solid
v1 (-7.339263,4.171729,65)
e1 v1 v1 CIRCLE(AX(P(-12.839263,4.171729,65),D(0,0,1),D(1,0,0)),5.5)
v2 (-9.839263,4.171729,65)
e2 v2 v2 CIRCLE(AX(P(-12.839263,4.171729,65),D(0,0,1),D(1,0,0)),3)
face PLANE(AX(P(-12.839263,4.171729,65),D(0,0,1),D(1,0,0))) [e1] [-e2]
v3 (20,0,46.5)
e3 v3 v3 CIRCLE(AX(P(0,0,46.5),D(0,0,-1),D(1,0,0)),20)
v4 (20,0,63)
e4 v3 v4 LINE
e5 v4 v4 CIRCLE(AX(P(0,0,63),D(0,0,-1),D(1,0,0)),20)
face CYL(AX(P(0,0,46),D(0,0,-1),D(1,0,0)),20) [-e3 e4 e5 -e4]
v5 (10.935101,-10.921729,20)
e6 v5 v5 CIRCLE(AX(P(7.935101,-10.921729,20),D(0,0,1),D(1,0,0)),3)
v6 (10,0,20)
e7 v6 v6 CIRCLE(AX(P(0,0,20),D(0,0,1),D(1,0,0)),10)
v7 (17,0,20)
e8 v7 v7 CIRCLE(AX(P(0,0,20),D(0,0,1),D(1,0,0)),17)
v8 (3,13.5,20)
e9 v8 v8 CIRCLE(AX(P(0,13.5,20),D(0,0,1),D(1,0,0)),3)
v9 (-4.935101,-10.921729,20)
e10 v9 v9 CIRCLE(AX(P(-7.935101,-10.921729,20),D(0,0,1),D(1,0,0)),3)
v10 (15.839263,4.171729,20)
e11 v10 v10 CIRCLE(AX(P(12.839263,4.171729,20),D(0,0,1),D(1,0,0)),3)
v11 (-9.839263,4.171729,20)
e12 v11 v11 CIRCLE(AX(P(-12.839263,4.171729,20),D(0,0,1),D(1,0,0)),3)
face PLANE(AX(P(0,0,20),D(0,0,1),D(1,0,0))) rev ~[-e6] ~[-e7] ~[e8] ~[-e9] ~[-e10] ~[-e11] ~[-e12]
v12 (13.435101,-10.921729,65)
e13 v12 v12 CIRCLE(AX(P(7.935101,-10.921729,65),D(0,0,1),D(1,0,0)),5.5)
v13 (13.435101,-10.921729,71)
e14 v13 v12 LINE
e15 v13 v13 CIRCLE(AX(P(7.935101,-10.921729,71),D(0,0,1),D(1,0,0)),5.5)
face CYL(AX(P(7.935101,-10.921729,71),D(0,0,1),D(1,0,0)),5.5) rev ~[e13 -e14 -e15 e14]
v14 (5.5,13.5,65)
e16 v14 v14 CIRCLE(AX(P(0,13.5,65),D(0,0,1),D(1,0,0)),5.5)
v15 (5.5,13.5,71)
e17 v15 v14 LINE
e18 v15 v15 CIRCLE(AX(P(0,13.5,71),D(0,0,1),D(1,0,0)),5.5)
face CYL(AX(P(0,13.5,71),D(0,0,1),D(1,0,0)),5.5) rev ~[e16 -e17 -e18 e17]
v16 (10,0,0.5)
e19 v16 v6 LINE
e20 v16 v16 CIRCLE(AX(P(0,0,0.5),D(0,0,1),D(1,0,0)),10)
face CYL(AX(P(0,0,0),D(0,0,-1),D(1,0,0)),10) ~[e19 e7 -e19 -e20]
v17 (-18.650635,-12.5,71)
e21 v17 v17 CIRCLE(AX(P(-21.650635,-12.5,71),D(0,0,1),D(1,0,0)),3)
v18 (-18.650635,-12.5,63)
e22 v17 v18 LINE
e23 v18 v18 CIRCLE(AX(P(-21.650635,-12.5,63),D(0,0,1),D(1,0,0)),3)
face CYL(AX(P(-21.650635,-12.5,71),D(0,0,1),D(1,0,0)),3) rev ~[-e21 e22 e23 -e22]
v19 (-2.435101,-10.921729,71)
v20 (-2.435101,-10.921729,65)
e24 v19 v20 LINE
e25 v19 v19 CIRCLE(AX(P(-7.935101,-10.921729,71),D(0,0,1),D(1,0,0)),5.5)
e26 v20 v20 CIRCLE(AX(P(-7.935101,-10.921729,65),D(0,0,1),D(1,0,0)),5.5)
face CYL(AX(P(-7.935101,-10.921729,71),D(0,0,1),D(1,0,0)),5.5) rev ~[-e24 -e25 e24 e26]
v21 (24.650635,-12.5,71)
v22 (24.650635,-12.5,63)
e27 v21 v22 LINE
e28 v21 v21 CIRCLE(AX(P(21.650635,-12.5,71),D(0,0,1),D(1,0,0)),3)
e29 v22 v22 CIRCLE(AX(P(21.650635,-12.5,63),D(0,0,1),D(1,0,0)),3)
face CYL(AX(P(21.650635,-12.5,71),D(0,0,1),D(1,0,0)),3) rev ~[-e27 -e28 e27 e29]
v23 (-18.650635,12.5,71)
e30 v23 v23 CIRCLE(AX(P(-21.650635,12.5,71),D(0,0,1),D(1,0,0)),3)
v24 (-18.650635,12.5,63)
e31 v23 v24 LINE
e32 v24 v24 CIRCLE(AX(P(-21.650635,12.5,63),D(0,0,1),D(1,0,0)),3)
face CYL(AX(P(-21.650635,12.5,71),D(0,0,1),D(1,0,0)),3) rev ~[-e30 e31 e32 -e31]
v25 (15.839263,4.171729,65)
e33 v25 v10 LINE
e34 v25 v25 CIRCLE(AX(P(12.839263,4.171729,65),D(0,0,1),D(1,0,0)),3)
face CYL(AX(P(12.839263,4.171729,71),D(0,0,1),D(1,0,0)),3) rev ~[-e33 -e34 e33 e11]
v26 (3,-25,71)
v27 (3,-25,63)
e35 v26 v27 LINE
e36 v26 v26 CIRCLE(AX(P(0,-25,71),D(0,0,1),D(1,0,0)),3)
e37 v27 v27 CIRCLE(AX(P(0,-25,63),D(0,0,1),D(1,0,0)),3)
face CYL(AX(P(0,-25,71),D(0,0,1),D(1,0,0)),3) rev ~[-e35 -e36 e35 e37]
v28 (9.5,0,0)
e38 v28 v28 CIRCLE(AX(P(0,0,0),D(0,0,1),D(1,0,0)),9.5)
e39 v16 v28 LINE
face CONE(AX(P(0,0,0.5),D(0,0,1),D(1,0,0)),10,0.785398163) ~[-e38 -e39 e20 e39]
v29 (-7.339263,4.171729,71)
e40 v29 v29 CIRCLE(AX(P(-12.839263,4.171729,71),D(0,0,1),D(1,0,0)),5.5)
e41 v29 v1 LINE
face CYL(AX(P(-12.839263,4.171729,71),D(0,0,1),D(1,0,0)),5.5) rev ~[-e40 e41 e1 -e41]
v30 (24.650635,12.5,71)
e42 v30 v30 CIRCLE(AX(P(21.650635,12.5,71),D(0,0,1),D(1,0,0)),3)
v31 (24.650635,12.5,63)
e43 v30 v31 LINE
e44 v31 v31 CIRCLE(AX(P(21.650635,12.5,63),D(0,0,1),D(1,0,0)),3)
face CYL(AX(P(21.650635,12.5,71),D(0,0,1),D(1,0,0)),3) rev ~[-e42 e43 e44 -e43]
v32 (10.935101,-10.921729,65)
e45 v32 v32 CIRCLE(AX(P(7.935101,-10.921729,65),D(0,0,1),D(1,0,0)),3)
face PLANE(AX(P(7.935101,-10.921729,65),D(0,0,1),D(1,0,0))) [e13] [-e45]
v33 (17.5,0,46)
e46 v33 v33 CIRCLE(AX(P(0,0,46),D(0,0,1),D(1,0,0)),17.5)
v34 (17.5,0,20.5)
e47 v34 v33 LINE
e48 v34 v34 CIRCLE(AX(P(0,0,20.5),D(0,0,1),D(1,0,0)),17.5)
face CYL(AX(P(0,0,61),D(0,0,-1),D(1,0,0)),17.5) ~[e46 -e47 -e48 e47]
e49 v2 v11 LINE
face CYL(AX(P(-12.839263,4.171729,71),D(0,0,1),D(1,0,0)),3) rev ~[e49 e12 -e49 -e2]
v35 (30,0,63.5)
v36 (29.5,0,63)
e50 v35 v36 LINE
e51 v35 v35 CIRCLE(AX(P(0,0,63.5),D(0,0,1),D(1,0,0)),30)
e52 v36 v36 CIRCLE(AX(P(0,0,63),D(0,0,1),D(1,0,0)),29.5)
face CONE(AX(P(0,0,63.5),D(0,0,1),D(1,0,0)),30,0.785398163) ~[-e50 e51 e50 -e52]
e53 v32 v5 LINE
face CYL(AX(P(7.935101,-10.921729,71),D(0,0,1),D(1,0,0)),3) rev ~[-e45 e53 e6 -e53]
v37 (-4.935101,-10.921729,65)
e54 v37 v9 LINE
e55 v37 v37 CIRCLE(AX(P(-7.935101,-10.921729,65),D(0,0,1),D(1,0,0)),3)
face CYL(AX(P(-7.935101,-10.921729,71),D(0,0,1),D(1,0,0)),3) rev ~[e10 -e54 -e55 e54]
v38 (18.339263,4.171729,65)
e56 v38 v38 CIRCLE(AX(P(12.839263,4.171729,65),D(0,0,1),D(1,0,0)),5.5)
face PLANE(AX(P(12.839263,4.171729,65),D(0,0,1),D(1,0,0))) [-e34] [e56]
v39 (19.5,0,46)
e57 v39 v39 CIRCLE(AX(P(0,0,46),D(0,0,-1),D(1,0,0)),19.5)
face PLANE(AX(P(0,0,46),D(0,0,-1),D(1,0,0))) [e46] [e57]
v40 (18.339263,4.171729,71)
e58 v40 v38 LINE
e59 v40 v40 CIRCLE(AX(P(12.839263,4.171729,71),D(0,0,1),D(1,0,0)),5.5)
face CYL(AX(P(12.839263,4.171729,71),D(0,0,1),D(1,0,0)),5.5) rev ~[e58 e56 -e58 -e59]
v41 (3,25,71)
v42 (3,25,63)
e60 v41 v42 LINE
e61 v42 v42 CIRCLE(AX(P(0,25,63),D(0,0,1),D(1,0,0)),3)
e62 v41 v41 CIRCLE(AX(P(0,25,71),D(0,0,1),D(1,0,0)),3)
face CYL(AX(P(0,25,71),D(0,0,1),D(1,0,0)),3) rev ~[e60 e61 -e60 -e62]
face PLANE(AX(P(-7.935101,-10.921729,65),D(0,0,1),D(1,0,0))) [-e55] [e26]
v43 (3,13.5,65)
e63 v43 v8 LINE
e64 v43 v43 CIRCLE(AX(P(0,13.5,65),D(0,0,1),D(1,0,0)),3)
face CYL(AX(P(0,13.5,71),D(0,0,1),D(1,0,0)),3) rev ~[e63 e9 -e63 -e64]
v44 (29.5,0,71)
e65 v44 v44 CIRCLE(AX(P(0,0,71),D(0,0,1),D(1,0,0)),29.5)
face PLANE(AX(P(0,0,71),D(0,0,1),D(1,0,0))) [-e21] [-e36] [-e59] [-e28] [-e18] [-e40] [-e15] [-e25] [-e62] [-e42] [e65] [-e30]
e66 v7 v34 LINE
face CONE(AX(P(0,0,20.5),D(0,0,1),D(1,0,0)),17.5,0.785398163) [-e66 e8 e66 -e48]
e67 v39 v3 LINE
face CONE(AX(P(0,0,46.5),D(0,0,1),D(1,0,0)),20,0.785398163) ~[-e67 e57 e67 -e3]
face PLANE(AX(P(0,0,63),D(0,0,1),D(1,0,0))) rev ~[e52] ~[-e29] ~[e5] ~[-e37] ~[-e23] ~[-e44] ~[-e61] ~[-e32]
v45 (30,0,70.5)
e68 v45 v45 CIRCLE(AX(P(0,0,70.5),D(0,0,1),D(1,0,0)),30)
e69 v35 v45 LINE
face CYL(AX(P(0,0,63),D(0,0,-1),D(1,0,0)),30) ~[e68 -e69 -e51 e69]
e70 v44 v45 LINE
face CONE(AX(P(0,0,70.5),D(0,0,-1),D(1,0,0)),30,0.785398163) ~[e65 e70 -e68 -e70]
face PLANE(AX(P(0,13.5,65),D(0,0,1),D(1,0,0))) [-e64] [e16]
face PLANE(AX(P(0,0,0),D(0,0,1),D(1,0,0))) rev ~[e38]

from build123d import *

# Parameters (mm, degrees)
SKETCH_1_R          = 10
EXTRUDE_1_DEPTH     = 20
SKETCH_2_R          = 17.5
EXTRUDE_2_DEPTH     = 41
SKETCH_3_R          = 17.5
EXTRUDE_3_DEPTH     = 10
SKETCH_8_R          = 3
CUT_EXTRUDE_4_DEPTH = 60
EXTRUDE_START       = -8
SKETCH_9_R          = 30
SKETCH_9_R_2        = 17.5
EXTRUDE_4_DEPTH     = 8
EXTRUDE_START_2     = 17
SKETCH_10_R         = 20
SKETCH_10_R_2       = 17.5
EXTRUDE_5_DEPTH     = 17
CHAMFER_1_SIZE      = 0.5
CHAMFER_2_SIZE      = 0.5
SKETCH_12_R         = 5.5
CUT_EXTRUDE_6_DEPTH = 6
SKETCH_13_R         = 3
CUT_EXTRUDE_7_DEPTH = 8


with BuildPart() as part:
    # 草图1 → 拉伸1 (new body)
    with BuildSketch(Plane.XY):
        Circle(SKETCH_1_R)
    extrude(amount=EXTRUDE_1_DEPTH)

    # 草图2 → 拉伸2 (add)
    with BuildSketch(Plane.XY.offset(20)):
        Circle(SKETCH_2_R)
    extrude(amount=EXTRUDE_2_DEPTH)

    # 草图3 → 拉伸3 (add)
    with BuildSketch(Plane.XY.offset(61)):
        Circle(SKETCH_3_R)
    extrude(amount=EXTRUDE_3_DEPTH)

    # 草图8 → 切除-拉伸4 (cut)
    with BuildSketch(Plane.XY.offset(71)):
        with Locations((12.83926297, 4.171729424)):
            Circle(SKETCH_8_R)
        with Locations((0, 13.5)):
            Circle(SKETCH_8_R)
        with Locations((7.935100906, -10.921729424)):
            Circle(SKETCH_8_R)
        with Locations((-7.935100906, -10.921729424)):
            Circle(SKETCH_8_R)
        with Locations((-12.83926297, 4.171729424)):
            Circle(SKETCH_8_R)
    extrude(amount=-CUT_EXTRUDE_4_DEPTH, mode=Mode.SUBTRACT)

    # 草图9 → 拉伸4 (add)
    with BuildSketch(Plane.XY.offset(71).offset(EXTRUDE_START)):
        Circle(SKETCH_9_R)
        Circle(SKETCH_9_R_2, mode=Mode.SUBTRACT)
    extrude(amount=EXTRUDE_4_DEPTH)

    # 草图10 → 拉伸5 (add)
    with BuildSketch(Plane(origin=(0, 0, 63), x_dir=(-1, 0, 0), z_dir=(0, 0, -1)).offset(EXTRUDE_START_2)):
        with Locations(Location((0, 0, 0), (0, 0, 180))):
            Circle(SKETCH_10_R)
        Circle(SKETCH_10_R_2, mode=Mode.SUBTRACT)
    extrude(amount=-EXTRUDE_5_DEPTH)

    # 倒角1
    chamfer_1_edges = [part.edges().sort_by_distance(p)[0] for p in [
        (-17.5, 0, 20),
    ]]
    chamfer(chamfer_1_edges, length=CHAMFER_1_SIZE)

    # 倒角2
    chamfer_2_edges = [part.edges().sort_by_distance(p)[0] for p in [
        (-10, 0, 0),
        (-30, 0, 63),
        (-30, 0, 71),
        (-20, 0, 46),
    ]]
    chamfer(chamfer_2_edges, length=CHAMFER_2_SIZE)

    # 草图12 → 切除-拉伸6 (cut)
    with BuildSketch(Plane.XY.offset(71)):
        with Locations((0, 13.5)):
            Circle(SKETCH_12_R)
        with Locations((12.83926297, 4.171729424)):
            Circle(SKETCH_12_R)
        with Locations((7.935100906, -10.921729424)):
            Circle(SKETCH_12_R)
        with Locations((-7.935100906, -10.921729424)):
            Circle(SKETCH_12_R)
        with Locations((-12.83926297, 4.171729424)):
            Circle(SKETCH_12_R)
    extrude(amount=-CUT_EXTRUDE_6_DEPTH, mode=Mode.SUBTRACT)

    # 草图13 → 切除-拉伸7 (cut)
    with BuildSketch(Plane.XY.offset(71)):
        with Locations((0, 25)):
            Circle(SKETCH_13_R)
        with Locations((21.650635095, 12.5)):
            Circle(SKETCH_13_R)
        with Locations((21.650635095, -12.5)):
            Circle(SKETCH_13_R)
        with Locations((0, -25)):
            Circle(SKETCH_13_R)
        with Locations((-21.650635095, -12.5)):
            Circle(SKETCH_13_R)
        with Locations((-21.650635095, 12.5)):
            Circle(SKETCH_13_R)
    extrude(amount=-CUT_EXTRUDE_7_DEPTH, mode=Mode.SUBTRACT)


solid = part.part
